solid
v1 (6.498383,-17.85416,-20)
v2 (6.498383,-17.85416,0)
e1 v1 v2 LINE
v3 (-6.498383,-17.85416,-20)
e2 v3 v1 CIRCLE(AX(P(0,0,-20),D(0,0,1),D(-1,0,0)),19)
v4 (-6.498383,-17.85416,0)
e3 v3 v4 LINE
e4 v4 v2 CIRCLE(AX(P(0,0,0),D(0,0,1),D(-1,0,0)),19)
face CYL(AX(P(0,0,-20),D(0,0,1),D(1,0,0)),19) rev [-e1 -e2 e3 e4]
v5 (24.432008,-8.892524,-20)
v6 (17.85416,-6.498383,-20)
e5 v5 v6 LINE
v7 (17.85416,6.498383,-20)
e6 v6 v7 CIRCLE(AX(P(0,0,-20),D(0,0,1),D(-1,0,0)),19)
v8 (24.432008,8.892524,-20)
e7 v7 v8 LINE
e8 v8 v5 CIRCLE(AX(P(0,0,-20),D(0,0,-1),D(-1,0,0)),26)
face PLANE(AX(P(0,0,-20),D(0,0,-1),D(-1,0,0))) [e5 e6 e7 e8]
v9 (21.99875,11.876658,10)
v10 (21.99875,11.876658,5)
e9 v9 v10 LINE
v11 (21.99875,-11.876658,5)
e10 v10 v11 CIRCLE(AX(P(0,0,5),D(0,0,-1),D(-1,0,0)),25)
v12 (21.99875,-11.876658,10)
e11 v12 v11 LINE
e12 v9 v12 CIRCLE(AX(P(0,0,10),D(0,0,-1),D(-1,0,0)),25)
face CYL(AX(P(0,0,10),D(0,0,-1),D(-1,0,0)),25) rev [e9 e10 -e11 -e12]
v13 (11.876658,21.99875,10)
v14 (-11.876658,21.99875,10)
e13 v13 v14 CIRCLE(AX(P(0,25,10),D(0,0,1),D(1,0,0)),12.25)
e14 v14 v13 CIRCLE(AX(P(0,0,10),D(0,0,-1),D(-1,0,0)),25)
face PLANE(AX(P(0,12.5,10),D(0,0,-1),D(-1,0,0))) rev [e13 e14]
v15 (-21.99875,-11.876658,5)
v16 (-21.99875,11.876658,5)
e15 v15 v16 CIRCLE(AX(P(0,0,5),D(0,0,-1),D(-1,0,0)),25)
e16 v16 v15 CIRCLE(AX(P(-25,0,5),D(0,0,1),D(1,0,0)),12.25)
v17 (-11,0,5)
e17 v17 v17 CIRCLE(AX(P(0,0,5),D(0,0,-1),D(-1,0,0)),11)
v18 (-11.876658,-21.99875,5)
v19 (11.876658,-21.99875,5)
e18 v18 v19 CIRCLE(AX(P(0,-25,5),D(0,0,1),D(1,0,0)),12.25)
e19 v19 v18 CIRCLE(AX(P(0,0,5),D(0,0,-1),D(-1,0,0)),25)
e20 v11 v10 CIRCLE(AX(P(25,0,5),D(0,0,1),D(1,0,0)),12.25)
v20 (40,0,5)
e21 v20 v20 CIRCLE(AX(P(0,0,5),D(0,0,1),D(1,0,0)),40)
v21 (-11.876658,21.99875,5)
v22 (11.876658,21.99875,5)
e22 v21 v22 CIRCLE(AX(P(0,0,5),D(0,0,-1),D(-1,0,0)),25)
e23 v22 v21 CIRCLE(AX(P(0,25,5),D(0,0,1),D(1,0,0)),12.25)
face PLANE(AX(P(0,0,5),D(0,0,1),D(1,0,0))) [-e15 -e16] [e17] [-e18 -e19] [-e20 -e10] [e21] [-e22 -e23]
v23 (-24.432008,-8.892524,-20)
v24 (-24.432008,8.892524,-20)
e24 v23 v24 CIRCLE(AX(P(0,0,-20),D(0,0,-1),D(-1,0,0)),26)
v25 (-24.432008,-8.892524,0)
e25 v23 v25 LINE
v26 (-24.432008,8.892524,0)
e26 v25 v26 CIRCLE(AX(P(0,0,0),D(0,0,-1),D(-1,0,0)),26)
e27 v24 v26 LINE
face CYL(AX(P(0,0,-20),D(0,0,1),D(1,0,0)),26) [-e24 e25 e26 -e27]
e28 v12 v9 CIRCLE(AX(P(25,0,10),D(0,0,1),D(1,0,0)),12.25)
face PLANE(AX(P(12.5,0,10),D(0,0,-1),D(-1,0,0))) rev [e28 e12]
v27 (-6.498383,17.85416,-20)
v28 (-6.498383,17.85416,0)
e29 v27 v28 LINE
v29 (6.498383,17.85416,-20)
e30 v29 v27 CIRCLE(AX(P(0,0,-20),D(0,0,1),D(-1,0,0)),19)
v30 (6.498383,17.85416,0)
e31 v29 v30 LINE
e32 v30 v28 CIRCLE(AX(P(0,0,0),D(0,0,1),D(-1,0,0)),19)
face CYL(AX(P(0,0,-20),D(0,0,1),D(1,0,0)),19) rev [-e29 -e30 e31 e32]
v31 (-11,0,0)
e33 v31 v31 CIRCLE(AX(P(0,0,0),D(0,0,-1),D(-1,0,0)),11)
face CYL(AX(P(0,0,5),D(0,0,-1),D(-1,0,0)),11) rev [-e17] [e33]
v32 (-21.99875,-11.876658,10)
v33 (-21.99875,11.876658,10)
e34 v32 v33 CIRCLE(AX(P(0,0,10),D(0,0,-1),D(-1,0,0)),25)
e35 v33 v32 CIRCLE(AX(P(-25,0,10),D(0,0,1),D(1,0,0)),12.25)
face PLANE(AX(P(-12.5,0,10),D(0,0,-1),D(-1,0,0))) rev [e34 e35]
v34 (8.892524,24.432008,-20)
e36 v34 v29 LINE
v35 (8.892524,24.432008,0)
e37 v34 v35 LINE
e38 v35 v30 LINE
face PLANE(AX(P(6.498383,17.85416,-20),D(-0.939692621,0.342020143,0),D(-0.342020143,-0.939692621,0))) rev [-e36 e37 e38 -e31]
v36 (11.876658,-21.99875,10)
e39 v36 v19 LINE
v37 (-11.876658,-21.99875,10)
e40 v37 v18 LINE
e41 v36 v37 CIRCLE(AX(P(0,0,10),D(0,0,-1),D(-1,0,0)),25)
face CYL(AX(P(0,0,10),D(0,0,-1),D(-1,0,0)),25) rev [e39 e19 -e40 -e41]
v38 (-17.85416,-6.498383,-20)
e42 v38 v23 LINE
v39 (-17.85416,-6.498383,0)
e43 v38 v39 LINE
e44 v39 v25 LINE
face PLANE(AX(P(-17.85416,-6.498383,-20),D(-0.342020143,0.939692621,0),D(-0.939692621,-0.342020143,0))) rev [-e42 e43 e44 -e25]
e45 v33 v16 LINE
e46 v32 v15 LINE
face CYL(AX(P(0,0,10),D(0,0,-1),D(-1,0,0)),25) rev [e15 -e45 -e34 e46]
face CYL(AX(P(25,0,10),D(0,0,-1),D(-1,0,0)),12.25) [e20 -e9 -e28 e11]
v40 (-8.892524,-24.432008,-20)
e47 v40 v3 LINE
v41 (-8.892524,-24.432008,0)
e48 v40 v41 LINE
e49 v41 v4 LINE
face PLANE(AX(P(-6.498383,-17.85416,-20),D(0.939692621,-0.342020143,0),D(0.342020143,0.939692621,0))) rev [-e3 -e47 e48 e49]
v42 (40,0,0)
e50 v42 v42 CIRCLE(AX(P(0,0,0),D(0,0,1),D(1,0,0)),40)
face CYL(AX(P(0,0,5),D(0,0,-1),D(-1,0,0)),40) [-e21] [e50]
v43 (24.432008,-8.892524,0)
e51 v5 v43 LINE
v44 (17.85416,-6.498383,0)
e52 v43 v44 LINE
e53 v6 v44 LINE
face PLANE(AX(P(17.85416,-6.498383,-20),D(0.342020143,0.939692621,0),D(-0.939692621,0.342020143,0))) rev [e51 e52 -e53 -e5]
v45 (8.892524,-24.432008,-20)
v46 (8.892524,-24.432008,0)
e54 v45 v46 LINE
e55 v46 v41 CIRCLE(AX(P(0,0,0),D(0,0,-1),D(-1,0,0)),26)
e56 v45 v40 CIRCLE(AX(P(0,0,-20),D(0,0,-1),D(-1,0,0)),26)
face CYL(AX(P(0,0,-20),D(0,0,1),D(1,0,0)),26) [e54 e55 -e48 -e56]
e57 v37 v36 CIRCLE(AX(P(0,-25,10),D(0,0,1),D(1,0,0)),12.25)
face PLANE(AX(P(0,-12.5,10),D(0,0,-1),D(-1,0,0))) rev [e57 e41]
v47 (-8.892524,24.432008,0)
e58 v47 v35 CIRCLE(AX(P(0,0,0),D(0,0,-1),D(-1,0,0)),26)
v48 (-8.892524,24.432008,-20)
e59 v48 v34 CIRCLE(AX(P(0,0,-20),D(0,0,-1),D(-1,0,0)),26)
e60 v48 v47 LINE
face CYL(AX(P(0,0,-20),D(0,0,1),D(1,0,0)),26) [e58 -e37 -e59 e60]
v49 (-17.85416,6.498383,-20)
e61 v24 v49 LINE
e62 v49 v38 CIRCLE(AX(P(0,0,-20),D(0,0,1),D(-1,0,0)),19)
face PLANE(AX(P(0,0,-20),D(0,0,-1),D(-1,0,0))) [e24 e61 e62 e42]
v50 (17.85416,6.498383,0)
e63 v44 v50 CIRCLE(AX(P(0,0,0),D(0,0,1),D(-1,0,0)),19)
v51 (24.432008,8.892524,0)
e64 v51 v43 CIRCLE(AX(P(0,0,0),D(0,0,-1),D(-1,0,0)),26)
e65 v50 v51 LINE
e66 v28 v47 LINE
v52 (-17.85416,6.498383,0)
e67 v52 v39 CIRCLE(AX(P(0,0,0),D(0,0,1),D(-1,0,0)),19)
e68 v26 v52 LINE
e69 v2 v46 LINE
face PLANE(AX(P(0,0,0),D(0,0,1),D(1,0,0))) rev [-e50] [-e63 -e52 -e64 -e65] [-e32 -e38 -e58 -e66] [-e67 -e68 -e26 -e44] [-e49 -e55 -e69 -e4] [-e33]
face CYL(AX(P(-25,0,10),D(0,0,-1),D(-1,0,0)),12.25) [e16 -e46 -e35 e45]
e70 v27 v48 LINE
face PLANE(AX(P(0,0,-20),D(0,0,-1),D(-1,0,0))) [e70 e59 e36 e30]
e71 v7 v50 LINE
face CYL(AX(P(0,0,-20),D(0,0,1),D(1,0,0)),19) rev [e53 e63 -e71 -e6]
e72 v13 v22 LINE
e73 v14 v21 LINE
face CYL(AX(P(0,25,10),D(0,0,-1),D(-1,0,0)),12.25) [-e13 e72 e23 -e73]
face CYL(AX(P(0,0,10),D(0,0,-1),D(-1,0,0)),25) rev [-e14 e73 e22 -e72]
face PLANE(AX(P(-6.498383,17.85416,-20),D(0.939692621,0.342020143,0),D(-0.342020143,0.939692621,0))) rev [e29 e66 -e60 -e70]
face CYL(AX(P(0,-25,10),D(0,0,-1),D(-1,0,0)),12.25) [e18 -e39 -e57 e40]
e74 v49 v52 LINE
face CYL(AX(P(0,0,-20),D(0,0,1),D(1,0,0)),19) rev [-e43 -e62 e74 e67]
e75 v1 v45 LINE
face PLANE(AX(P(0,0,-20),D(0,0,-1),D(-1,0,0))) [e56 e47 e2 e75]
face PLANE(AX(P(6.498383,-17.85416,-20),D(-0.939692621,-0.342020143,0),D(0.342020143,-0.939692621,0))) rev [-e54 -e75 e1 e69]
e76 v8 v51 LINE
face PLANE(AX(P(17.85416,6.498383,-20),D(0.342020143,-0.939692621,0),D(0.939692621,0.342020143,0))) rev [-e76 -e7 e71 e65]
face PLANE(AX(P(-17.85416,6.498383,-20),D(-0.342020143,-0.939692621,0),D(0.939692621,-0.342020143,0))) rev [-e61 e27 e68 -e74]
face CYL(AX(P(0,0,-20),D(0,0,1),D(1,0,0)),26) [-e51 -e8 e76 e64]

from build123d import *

# Parameters (mm, degrees)
SKETCH_1_R          = 40
EXTRUDE_1_DEPTH     = 5
EXTRUDE_2_DEPTH     = 20
SKETCH_3_R          = 11
CUT_EXTRUDE_1_DEPTH = 5
EXTRUDE_5_DEPTH     = 5


with BuildPart() as part:
    # 草图1 → 凸台-拉伸1 (new body)
    with BuildSketch(Plane.XY):
        Circle(SKETCH_1_R)
    extrude(amount=EXTRUDE_1_DEPTH)

    # 草图2 → 凸台-拉伸2 (add)
    with BuildSketch(Plane(origin=(0, 0, 0), x_dir=(-1, 0, 0), z_dir=(0, 0, -1))):
        with BuildLine():
            Line((-6.498382723, 17.854159795), (-8.892523726, 24.43200814))
            ThreePointArc((-8.892523726, 24.43200814), (0, 26), (8.892523726, 24.43200814))
            Line((8.892523726, 24.43200814), (6.498382723, 17.854159795))
            ThreePointArc((6.498382723, 17.854159795), (0, 19), (-6.498382723, 17.854159795))
        make_face()
        with BuildLine():
            Line((17.854159795, 6.498382723), (24.43200814, 8.892523726))
            ThreePointArc((24.43200814, 8.892523726), (26, 0), (24.43200814, -8.892523726))
            Line((24.43200814, -8.892523726), (17.854159795, -6.498382723))
            ThreePointArc((17.854159795, -6.498382723), (19, 0), (17.854159795, 6.498382723))
        make_face()
        with BuildLine():
            Line((6.498382723, -17.854159795), (8.892523726, -24.43200814))
            ThreePointArc((8.892523726, -24.43200814), (0, -26), (-8.892523726, -24.43200814))
            Line((-8.892523726, -24.43200814), (-6.498382723, -17.854159795))
            ThreePointArc((-6.498382723, -17.854159795), (0, -19), (6.498382723, -17.854159795))
        make_face()
        with BuildLine():
            Line((-17.854159795, -6.498382723), (-24.43200814, -8.892523726))
            ThreePointArc((-24.43200814, -8.892523726), (-26, 0), (-24.43200814, 8.892523726))
            Line((-24.43200814, 8.892523726), (-17.854159795, 6.498382723))
            ThreePointArc((-17.854159795, 6.498382723), (-19, 0), (-17.854159795, -6.498382723))
        make_face()
    extrude(amount=EXTRUDE_2_DEPTH)

    # 草图3 → 切除-拉伸1 (cut)
    with BuildSketch(Plane(origin=(0, 0, 0), x_dir=(-1, 0, 0), z_dir=(0, 0, -1))):
        Circle(SKETCH_3_R)
    extrude(amount=-CUT_EXTRUDE_1_DEPTH, mode=Mode.SUBTRACT)

    # 草图5 → 凸台-拉伸5 (add)
    with BuildSketch(Plane.XY.offset(5)):
        with BuildLine():
            ThreePointArc((11.876657713, 21.99875), (0, 37.25), (-11.876657713, 21.99875))
            ThreePointArc((-11.876657713, 21.99875), (0, 25), (11.876657713, 21.99875))
        make_face()
        with BuildLine():
            ThreePointArc((21.99875, -11.876657713), (37.25, 0), (21.99875, 11.876657713))
            ThreePointArc((21.99875, 11.876657713), (25, 0), (21.99875, -11.876657713))
        make_face()
        with BuildLine():
            ThreePointArc((-11.876657713, -21.99875), (0, -37.25), (11.876657713, -21.99875))
            ThreePointArc((11.876657713, -21.99875), (0, -25), (-11.876657713, -21.99875))
        make_face()
        with BuildLine():
            ThreePointArc((-21.99875, 11.876657713), (-37.25, 0), (-21.99875, -11.876657713))
            ThreePointArc((-21.99875, -11.876657713), (-25, 0), (-21.99875, 11.876657713))
        make_face()
    extrude(amount=EXTRUDE_5_DEPTH)


solid = part.part
